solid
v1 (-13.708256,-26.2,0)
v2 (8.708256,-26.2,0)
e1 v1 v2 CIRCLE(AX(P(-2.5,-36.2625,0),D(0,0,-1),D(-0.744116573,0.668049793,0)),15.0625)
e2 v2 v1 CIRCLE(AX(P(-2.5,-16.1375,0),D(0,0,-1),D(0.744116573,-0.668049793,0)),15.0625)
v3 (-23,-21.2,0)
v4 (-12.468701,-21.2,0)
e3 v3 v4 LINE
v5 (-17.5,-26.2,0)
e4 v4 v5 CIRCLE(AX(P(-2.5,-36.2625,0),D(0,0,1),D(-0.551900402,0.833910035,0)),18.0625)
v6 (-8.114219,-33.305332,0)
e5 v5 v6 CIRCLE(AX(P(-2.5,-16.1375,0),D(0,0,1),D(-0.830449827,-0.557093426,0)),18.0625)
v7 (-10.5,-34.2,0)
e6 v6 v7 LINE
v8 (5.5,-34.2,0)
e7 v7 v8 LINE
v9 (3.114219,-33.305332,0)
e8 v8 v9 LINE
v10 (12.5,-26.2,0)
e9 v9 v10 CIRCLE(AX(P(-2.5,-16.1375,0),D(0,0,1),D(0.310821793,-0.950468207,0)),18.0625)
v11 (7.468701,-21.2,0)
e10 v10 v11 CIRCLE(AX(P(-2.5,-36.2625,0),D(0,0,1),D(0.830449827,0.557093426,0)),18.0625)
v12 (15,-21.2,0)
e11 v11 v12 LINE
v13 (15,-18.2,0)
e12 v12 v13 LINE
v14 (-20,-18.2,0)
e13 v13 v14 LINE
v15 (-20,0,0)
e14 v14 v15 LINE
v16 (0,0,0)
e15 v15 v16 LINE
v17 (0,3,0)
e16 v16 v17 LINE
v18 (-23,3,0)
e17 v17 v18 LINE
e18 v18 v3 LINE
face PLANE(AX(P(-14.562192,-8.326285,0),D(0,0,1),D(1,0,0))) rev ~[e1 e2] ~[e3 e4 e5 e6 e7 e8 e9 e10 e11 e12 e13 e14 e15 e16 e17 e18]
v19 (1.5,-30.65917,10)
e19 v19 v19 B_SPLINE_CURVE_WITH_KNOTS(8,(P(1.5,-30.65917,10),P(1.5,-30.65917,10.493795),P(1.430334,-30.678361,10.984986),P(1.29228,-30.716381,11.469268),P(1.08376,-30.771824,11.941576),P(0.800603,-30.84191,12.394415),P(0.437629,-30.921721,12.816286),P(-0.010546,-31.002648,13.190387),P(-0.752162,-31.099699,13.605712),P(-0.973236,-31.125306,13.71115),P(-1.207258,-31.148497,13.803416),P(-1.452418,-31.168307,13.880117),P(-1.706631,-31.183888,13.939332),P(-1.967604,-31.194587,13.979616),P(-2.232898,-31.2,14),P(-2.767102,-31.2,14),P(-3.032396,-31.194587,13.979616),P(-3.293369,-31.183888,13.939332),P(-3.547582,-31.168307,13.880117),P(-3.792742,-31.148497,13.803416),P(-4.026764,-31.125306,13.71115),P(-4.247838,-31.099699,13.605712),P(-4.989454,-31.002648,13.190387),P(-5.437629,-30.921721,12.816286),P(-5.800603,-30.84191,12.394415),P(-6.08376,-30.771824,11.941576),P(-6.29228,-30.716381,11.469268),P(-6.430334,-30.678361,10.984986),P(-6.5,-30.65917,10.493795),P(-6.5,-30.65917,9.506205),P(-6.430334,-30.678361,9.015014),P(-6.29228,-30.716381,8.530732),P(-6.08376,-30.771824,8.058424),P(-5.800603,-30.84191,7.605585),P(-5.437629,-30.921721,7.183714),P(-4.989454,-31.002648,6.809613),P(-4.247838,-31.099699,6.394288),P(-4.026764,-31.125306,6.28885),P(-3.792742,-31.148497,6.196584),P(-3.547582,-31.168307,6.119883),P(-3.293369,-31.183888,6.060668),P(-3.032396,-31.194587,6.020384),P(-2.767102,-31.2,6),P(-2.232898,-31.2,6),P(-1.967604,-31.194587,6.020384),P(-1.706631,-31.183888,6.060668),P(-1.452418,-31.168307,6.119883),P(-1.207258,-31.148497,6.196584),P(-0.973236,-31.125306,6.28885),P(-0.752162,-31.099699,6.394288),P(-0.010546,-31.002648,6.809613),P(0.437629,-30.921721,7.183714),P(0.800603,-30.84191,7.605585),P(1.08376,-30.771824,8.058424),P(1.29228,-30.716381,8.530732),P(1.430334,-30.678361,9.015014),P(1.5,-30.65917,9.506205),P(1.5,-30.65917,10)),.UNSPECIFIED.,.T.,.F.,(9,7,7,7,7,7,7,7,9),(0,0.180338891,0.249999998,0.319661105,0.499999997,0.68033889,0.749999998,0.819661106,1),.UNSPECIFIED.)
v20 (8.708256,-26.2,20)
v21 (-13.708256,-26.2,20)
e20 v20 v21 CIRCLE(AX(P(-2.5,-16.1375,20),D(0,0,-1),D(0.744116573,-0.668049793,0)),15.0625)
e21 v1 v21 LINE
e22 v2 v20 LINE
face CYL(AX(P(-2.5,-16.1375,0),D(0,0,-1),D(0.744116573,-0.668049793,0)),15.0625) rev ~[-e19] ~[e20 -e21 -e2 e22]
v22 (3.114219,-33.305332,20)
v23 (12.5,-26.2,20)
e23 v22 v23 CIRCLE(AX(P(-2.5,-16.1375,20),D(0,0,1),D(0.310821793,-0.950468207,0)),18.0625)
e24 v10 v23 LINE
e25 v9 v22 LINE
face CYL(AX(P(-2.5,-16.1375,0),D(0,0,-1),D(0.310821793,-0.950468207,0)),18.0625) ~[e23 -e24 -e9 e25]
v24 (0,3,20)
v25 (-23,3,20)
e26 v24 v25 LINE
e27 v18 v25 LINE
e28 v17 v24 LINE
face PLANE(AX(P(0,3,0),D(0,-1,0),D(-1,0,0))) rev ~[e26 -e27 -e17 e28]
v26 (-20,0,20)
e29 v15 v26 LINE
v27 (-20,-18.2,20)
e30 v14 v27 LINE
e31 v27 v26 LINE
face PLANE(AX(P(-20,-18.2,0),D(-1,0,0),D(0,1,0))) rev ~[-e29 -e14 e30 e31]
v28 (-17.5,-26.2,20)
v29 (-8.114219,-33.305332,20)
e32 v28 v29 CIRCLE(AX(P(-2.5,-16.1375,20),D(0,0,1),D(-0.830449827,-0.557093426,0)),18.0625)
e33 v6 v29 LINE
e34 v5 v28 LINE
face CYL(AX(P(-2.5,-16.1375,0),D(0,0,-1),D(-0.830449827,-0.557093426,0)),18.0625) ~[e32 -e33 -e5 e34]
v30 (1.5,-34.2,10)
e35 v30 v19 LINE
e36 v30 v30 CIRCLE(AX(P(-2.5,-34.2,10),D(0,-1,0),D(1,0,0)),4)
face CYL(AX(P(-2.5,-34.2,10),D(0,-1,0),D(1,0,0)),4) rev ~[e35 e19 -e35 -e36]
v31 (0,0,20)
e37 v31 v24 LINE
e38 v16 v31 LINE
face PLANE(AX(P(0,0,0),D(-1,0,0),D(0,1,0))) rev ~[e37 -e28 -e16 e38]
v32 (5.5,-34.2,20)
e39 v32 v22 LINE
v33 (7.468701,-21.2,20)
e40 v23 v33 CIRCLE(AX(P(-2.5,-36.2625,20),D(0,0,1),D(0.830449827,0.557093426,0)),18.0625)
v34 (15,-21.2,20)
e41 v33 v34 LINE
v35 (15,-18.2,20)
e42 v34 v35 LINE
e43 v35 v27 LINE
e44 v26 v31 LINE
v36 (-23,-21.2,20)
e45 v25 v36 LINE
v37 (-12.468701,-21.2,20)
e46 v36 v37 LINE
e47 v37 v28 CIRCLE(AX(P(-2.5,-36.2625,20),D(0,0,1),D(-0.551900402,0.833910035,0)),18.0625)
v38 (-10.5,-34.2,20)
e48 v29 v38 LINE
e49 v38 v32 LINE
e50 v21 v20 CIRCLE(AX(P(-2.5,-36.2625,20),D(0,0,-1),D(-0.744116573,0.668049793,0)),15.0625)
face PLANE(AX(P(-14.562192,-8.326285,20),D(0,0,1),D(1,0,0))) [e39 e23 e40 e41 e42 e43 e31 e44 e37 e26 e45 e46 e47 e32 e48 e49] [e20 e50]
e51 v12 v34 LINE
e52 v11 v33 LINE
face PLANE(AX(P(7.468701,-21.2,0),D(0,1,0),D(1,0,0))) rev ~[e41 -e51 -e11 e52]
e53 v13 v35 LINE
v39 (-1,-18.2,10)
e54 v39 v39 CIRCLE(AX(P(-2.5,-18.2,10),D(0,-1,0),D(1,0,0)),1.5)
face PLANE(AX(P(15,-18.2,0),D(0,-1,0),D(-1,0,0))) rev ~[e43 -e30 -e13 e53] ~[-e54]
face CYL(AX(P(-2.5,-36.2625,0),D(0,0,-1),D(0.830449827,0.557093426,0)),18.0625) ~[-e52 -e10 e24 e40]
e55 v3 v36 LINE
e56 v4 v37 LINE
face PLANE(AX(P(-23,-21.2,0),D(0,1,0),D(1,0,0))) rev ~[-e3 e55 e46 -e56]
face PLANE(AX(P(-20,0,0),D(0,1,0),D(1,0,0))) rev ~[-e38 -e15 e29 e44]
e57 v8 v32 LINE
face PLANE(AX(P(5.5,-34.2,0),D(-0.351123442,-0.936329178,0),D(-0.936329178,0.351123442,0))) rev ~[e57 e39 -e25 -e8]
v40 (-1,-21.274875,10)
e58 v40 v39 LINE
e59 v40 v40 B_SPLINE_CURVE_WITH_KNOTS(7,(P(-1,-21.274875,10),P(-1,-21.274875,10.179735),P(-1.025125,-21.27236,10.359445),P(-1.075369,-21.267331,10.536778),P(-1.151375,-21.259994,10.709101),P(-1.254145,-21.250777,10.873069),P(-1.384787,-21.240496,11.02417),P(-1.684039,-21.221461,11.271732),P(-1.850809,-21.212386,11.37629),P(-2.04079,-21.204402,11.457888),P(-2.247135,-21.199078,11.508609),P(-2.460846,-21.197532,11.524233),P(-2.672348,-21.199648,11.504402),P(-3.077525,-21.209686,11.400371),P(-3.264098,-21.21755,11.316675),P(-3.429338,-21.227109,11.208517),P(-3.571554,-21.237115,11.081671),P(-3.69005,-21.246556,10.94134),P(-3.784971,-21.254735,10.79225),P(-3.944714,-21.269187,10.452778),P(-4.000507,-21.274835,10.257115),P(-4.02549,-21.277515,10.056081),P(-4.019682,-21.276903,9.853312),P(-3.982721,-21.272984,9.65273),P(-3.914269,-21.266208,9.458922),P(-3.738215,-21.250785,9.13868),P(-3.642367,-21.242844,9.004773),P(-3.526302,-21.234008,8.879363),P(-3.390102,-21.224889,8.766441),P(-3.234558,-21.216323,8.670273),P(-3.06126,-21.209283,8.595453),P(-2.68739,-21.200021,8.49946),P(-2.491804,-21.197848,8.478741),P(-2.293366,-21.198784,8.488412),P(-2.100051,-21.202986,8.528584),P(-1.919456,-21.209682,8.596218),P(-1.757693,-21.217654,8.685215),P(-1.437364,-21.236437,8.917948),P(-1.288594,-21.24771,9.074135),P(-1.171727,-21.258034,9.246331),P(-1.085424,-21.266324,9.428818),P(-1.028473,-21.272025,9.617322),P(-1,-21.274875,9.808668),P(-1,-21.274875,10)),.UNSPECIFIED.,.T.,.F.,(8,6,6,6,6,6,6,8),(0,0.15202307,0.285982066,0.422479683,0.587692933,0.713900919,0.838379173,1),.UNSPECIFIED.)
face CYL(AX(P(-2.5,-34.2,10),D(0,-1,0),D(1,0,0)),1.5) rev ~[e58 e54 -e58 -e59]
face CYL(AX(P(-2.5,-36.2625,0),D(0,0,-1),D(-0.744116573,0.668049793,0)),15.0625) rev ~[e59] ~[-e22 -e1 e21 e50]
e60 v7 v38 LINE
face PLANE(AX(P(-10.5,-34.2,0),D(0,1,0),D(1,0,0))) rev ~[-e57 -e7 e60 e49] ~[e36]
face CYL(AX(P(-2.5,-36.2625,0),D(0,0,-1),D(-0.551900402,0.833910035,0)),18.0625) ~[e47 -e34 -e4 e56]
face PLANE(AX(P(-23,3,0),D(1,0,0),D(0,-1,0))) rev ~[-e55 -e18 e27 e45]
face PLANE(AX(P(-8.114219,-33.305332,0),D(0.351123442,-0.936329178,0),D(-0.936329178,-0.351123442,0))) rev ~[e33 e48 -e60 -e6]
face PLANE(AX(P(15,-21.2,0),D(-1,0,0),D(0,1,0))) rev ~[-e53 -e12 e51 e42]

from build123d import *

# Parameters (mm, degrees)
F1_DEPTH = 20
F2_R     = 4
F2_R_2   = 1.5
F3_DEPTH = 4
F4_DEPTH = 25


with BuildPart() as f1:
    # F0 (on Top) → F1 (new body)
    with BuildSketch(Plane.XY):
        with BuildLine():
            Line((-20, 0), (0, 0))
            Line((0, 0), (0, 3))
            Line((0, 3), (-23, 3))
            Line((-23, 3), (-23, -21.2))
            Line((-23, -21.2), (-12.4687010187, -21.2))
            ThreePointArc((-12.4687010187, -21.2), (-7.7051657034, -18.9662531166), (-2.5, -18.2))
            Line((-2.5, -18.2), (-20, -18.2))
            Line((-20, -18.2), (-20, 0))
        make_face()
        with BuildLine():
            ThreePointArc((7.4687010187, -21.2), (2.7051657034, -18.9662531166), (-2.5, -18.2))
            ThreePointArc((-2.5, -18.2), (-7.7051657034, -18.9662531166), (-12.4687010187, -21.2))
            Line((-12.4687010187, -21.2), (-2.5000000655, -21.2))
            Line((-2.5000000655, -21.2), (7.4687010187, -21.2))
        make_face()
        with BuildLine():
            Line((15, -18.2), (-2.5, -18.2))
            ThreePointArc((-2.5, -18.2), (2.7051657034, -18.9662531166), (7.4687010187, -21.2))
            Line((7.4687010187, -21.2), (15, -21.2))
            Line((15, -21.2), (15, -18.2))
        make_face()
        with BuildLine():
            ThreePointArc((12.5, -26.2), (10.2322035658, -23.4505954339), (7.4687010187, -21.2))
            Line((7.4687010187, -21.2), (-2.5000000655, -21.2))
            ThreePointArc((-2.5000000655, -21.2), (3.6364688244, -22.5066773559), (8.7082558857, -26.2))
            ThreePointArc((8.7082558857, -26.2), (3.6364688543, -29.8933226308), (-2.5, -31.2))
            Line((-2.5, -31.2), (3.1142186431, -33.3053319912))
            ThreePointArc((3.1142186431, -33.3053319912), (8.4021987802, -30.538748835), (12.5, -26.2))
        make_face()
        with BuildLine():
            ThreePointArc((-2.5, -34.2), (0.3425288837, -33.974930751), (3.1142186431, -33.3053319912))
            Line((3.1142186431, -33.3053319912), (-2.5, -31.2))
            Line((-2.5, -31.2), (-8.1142186431, -33.3053319912))
            ThreePointArc((-8.1142186431, -33.3053319912), (-5.3425288837, -33.974930751), (-2.5, -34.2))
        make_face()
        with BuildLine():
            Line((-2.5000000655, -21.2), (-12.4687010187, -21.2))
            ThreePointArc((-12.4687010187, -21.2), (-15.2322035658, -23.4505954339), (-17.5, -26.2))
            ThreePointArc((-17.5, -26.2), (-13.4021987802, -30.538748835), (-8.1142186431, -33.3053319912))
            Line((-8.1142186431, -33.3053319912), (-2.5, -31.2))
            ThreePointArc((-2.5, -31.2), (-8.6364688543, -29.8933226308), (-13.7082558857, -26.2))
            ThreePointArc((-13.7082558857, -26.2), (-8.6364688842, -22.5066773825), (-2.5000000655, -21.2))
        make_face()
        with BuildLine():
            ThreePointArc((-2.5, -34.2), (-5.3425288837, -33.974930751), (-8.1142186431, -33.3053319912))
            Line((-8.1142186431, -33.3053319912), (-10.5, -34.2))
            Line((-10.5, -34.2), (-2.5, -34.2))
        make_face()
        with BuildLine():
            Line((5.5, -34.2), (3.1142186431, -33.3053319912))
            ThreePointArc((3.1142186431, -33.3053319912), (0.3425288837, -33.974930751), (-2.5, -34.2))
            Line((-2.5, -34.2), (5.5, -34.2))
        make_face()
    extrude(amount=F1_DEPTH)

    # F2 (on face) → F3 (cut)
    with BuildSketch(Plane.XZ.offset(34.2)):
        with Locations((-2.5, 10)):
            Circle(F2_R)
        with Locations((-2.5, 10)):
            Circle(F2_R_2, mode=Mode.SUBTRACT)
    extrude(amount=-F3_DEPTH, mode=Mode.SUBTRACT)

    # F4 (cut): a face of the model
    f4_faces = [f1.faces().sort_by_distance(p)[0] for p in [
        (-2.5, -34.2, 10),
    ]]
    extrude(f4_faces, amount=-F4_DEPTH, mode=Mode.SUBTRACT)


solid = f1.part
